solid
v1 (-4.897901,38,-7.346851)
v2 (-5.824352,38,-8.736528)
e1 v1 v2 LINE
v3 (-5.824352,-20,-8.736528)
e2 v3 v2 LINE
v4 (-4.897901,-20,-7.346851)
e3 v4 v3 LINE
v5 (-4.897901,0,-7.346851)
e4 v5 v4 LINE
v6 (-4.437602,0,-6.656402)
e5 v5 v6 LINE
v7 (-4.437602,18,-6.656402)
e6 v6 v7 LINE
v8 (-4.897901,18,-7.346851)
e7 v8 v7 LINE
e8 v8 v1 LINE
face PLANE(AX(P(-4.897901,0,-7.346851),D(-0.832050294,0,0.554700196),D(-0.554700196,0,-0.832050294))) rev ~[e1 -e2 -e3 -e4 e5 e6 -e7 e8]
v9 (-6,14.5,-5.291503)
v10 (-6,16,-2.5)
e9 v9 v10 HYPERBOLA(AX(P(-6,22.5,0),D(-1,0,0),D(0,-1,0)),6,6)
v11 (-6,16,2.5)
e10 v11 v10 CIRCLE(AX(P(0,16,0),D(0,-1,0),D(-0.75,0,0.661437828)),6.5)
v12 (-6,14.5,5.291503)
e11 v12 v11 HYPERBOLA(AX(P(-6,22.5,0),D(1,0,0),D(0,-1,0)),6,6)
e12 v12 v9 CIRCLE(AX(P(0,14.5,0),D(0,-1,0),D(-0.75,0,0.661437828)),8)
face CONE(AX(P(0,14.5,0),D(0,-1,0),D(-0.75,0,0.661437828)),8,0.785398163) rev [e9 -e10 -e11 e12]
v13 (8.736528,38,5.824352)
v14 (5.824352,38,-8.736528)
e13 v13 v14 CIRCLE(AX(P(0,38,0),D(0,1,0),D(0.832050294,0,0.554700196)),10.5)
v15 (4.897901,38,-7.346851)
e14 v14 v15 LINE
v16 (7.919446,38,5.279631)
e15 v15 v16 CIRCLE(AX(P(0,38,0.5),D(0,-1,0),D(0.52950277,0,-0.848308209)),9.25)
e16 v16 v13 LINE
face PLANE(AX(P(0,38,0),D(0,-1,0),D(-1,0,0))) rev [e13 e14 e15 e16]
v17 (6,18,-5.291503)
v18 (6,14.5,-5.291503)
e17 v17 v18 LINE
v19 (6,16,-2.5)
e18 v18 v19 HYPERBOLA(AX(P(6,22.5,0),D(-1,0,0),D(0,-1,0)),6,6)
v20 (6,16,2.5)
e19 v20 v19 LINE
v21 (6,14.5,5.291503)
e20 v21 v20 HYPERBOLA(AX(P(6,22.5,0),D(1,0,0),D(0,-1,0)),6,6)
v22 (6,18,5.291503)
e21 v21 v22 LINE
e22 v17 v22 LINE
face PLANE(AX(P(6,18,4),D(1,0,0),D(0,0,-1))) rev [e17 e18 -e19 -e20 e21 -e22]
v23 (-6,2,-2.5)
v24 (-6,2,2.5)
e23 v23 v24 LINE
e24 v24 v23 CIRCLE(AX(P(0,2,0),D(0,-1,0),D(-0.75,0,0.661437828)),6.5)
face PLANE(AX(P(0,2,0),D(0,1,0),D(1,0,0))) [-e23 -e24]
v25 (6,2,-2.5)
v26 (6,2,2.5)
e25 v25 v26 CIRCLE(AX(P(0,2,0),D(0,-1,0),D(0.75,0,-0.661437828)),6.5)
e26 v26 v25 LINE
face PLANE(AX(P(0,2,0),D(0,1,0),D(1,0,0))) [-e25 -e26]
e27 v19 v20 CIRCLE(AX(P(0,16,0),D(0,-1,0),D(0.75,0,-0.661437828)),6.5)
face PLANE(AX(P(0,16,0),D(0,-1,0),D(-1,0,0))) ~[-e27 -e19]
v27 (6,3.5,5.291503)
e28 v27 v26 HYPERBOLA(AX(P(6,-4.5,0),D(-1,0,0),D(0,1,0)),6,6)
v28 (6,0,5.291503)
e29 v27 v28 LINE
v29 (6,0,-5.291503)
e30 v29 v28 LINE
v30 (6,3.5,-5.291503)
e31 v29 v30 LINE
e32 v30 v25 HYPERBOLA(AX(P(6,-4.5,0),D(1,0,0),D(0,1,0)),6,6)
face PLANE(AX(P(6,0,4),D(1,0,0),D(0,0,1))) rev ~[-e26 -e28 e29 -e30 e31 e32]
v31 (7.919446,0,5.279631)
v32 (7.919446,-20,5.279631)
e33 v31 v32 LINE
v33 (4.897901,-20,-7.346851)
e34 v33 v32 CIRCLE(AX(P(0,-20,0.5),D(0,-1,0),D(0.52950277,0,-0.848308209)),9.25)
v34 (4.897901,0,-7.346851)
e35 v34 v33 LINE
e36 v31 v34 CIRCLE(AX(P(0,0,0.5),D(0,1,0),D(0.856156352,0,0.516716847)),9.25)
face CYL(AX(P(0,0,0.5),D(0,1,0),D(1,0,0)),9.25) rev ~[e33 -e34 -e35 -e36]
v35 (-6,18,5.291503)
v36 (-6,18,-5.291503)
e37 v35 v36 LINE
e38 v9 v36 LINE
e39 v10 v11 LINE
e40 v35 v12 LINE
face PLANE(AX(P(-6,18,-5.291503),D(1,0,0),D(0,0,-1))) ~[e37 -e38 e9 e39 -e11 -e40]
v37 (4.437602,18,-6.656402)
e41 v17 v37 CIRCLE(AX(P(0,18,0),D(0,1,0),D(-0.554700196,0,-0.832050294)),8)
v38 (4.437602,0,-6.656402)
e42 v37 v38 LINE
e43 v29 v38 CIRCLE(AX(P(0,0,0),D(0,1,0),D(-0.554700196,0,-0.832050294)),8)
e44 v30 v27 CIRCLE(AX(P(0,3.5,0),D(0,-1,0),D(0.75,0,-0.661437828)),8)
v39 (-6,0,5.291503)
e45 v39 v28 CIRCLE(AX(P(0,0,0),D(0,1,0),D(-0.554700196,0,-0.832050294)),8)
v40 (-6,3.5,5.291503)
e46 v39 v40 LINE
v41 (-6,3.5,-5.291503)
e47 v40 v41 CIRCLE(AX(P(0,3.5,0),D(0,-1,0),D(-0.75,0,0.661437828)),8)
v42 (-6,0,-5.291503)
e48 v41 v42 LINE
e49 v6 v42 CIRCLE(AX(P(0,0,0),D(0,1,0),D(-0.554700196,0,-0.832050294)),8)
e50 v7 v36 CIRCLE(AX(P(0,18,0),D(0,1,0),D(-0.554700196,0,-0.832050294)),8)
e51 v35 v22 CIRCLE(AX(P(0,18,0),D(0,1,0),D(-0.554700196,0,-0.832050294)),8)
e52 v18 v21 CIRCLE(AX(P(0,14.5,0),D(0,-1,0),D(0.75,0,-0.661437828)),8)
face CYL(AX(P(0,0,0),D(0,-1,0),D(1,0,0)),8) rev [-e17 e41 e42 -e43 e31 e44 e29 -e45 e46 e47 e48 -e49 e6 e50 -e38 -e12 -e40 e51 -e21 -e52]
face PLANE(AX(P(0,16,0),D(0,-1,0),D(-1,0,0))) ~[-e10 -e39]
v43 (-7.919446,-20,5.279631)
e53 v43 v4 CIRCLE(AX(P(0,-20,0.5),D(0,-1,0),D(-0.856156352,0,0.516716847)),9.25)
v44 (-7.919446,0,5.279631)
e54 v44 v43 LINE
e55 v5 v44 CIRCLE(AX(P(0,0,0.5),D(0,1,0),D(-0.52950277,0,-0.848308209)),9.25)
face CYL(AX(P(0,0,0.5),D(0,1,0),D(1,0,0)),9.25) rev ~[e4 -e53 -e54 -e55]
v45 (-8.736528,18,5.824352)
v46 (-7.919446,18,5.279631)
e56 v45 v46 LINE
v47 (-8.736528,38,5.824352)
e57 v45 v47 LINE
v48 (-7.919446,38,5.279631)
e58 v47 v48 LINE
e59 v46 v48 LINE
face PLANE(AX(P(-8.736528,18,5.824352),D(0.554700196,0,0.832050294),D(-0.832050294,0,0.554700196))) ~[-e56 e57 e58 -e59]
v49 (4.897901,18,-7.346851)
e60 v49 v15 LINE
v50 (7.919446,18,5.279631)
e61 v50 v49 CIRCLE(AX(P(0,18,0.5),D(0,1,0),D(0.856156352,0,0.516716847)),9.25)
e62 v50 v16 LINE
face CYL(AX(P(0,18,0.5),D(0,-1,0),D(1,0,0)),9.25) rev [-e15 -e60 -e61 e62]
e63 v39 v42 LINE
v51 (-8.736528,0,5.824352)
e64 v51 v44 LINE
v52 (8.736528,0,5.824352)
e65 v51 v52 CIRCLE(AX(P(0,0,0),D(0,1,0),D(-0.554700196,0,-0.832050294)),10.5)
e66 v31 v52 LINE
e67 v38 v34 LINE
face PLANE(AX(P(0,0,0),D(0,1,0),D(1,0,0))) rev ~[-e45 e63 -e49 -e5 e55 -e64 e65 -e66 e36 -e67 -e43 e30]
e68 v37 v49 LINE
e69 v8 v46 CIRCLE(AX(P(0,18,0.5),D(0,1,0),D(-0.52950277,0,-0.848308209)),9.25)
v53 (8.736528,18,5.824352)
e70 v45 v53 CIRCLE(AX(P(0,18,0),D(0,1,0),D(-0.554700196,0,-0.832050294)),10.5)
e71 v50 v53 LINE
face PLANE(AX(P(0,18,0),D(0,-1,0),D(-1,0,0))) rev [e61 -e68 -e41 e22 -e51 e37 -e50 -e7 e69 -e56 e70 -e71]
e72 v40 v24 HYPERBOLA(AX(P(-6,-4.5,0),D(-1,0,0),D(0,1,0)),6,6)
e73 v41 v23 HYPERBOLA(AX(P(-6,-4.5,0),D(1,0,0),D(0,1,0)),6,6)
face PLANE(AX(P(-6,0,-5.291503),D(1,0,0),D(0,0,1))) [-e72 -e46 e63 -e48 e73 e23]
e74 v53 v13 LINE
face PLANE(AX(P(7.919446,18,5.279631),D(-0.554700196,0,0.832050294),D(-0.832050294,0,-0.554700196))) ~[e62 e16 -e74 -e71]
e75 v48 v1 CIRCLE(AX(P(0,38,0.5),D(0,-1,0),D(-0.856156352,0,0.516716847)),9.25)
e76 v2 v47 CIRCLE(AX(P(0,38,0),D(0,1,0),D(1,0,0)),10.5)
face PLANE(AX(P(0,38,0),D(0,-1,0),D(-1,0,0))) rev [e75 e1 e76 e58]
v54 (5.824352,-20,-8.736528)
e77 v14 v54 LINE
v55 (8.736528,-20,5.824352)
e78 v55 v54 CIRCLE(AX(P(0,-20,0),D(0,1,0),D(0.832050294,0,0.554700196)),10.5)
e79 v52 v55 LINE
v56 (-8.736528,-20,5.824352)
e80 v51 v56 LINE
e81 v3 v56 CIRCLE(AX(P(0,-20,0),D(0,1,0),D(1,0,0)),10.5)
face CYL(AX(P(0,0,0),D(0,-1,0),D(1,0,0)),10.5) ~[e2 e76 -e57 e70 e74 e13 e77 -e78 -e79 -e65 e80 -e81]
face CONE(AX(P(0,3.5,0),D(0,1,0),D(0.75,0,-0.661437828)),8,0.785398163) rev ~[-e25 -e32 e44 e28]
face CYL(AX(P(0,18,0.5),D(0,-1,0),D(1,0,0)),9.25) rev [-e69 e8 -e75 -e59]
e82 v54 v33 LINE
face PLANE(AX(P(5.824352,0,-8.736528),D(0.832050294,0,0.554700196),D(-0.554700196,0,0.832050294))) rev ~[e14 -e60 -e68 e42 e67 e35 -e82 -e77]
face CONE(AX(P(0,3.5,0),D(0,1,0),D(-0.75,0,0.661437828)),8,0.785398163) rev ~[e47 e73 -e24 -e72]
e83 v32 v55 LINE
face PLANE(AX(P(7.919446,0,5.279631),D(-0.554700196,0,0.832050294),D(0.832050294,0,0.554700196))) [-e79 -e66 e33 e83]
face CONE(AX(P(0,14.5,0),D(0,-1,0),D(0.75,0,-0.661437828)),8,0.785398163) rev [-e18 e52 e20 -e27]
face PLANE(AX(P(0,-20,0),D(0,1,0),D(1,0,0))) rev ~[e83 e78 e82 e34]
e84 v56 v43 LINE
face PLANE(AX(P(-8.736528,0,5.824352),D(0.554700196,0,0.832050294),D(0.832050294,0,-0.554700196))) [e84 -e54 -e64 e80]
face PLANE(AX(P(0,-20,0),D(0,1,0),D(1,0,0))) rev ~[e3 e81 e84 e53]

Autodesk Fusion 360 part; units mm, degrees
sketch "Sketch1" plane through (0, 0, 0) normal (0, 1, 0) x (1, 0, 0)
  circle A0 centre (0, 0) radius 10.5
  circle A1 centre (0, -0.5) radius 9.25
  line L0 (8, 12) -> (0, 0)
  line L1 (0, 0) -> (-8, 12)
  line L2 (-12, -8) -> (0, 0)
  line L3 (0, 0) -> (12, -8)
  circle A2 centre (0, 0) radius 8
  line L4 (6, 8) -> (6, -7)
  line L5 (-6, 8) -> (-6, -7)
  point P0 (0, -0.5)
  dimension "d1" = 21
  dimension "d2" = 0.5
  dimension "d3" = 18.5
  dimension "d4" = 16
extrude "Extrude1" add sketch "Sketch1" along normal blind 9 contours A0 A1 L0 L3 | A0 A1 L2 L3 | A0 A1 L1 L2 | A1 L0 A2 L4 | A1 L3 A2 L4 | A1 L2 L3 A2 | A1 L1 A2 L5 | A1 L2 A2 L5
extrude "Extrude2" add sketch "Sketch1" against normal blind 20 contours A0 A1 L0 L3 | A0 A1 L1 L2
extrude "Extrude3" add sketch "Sketch1" along normal blind 2 contours L3 A2 L4 | L3 A2 L4 | L2 A2 L5 | L2 A2 L5
chamfer "Chamfer1" distance 1.5 angle 45 1 edges at (8, 2, 0)
chamfer "Chamfer1" distance 1.5 angle 45 1 edges at (-8, 2, 0)
mirror "Mirror1" about plane through (0, 9, 0) normal (0, 1, 0) of bodies 1 merged
